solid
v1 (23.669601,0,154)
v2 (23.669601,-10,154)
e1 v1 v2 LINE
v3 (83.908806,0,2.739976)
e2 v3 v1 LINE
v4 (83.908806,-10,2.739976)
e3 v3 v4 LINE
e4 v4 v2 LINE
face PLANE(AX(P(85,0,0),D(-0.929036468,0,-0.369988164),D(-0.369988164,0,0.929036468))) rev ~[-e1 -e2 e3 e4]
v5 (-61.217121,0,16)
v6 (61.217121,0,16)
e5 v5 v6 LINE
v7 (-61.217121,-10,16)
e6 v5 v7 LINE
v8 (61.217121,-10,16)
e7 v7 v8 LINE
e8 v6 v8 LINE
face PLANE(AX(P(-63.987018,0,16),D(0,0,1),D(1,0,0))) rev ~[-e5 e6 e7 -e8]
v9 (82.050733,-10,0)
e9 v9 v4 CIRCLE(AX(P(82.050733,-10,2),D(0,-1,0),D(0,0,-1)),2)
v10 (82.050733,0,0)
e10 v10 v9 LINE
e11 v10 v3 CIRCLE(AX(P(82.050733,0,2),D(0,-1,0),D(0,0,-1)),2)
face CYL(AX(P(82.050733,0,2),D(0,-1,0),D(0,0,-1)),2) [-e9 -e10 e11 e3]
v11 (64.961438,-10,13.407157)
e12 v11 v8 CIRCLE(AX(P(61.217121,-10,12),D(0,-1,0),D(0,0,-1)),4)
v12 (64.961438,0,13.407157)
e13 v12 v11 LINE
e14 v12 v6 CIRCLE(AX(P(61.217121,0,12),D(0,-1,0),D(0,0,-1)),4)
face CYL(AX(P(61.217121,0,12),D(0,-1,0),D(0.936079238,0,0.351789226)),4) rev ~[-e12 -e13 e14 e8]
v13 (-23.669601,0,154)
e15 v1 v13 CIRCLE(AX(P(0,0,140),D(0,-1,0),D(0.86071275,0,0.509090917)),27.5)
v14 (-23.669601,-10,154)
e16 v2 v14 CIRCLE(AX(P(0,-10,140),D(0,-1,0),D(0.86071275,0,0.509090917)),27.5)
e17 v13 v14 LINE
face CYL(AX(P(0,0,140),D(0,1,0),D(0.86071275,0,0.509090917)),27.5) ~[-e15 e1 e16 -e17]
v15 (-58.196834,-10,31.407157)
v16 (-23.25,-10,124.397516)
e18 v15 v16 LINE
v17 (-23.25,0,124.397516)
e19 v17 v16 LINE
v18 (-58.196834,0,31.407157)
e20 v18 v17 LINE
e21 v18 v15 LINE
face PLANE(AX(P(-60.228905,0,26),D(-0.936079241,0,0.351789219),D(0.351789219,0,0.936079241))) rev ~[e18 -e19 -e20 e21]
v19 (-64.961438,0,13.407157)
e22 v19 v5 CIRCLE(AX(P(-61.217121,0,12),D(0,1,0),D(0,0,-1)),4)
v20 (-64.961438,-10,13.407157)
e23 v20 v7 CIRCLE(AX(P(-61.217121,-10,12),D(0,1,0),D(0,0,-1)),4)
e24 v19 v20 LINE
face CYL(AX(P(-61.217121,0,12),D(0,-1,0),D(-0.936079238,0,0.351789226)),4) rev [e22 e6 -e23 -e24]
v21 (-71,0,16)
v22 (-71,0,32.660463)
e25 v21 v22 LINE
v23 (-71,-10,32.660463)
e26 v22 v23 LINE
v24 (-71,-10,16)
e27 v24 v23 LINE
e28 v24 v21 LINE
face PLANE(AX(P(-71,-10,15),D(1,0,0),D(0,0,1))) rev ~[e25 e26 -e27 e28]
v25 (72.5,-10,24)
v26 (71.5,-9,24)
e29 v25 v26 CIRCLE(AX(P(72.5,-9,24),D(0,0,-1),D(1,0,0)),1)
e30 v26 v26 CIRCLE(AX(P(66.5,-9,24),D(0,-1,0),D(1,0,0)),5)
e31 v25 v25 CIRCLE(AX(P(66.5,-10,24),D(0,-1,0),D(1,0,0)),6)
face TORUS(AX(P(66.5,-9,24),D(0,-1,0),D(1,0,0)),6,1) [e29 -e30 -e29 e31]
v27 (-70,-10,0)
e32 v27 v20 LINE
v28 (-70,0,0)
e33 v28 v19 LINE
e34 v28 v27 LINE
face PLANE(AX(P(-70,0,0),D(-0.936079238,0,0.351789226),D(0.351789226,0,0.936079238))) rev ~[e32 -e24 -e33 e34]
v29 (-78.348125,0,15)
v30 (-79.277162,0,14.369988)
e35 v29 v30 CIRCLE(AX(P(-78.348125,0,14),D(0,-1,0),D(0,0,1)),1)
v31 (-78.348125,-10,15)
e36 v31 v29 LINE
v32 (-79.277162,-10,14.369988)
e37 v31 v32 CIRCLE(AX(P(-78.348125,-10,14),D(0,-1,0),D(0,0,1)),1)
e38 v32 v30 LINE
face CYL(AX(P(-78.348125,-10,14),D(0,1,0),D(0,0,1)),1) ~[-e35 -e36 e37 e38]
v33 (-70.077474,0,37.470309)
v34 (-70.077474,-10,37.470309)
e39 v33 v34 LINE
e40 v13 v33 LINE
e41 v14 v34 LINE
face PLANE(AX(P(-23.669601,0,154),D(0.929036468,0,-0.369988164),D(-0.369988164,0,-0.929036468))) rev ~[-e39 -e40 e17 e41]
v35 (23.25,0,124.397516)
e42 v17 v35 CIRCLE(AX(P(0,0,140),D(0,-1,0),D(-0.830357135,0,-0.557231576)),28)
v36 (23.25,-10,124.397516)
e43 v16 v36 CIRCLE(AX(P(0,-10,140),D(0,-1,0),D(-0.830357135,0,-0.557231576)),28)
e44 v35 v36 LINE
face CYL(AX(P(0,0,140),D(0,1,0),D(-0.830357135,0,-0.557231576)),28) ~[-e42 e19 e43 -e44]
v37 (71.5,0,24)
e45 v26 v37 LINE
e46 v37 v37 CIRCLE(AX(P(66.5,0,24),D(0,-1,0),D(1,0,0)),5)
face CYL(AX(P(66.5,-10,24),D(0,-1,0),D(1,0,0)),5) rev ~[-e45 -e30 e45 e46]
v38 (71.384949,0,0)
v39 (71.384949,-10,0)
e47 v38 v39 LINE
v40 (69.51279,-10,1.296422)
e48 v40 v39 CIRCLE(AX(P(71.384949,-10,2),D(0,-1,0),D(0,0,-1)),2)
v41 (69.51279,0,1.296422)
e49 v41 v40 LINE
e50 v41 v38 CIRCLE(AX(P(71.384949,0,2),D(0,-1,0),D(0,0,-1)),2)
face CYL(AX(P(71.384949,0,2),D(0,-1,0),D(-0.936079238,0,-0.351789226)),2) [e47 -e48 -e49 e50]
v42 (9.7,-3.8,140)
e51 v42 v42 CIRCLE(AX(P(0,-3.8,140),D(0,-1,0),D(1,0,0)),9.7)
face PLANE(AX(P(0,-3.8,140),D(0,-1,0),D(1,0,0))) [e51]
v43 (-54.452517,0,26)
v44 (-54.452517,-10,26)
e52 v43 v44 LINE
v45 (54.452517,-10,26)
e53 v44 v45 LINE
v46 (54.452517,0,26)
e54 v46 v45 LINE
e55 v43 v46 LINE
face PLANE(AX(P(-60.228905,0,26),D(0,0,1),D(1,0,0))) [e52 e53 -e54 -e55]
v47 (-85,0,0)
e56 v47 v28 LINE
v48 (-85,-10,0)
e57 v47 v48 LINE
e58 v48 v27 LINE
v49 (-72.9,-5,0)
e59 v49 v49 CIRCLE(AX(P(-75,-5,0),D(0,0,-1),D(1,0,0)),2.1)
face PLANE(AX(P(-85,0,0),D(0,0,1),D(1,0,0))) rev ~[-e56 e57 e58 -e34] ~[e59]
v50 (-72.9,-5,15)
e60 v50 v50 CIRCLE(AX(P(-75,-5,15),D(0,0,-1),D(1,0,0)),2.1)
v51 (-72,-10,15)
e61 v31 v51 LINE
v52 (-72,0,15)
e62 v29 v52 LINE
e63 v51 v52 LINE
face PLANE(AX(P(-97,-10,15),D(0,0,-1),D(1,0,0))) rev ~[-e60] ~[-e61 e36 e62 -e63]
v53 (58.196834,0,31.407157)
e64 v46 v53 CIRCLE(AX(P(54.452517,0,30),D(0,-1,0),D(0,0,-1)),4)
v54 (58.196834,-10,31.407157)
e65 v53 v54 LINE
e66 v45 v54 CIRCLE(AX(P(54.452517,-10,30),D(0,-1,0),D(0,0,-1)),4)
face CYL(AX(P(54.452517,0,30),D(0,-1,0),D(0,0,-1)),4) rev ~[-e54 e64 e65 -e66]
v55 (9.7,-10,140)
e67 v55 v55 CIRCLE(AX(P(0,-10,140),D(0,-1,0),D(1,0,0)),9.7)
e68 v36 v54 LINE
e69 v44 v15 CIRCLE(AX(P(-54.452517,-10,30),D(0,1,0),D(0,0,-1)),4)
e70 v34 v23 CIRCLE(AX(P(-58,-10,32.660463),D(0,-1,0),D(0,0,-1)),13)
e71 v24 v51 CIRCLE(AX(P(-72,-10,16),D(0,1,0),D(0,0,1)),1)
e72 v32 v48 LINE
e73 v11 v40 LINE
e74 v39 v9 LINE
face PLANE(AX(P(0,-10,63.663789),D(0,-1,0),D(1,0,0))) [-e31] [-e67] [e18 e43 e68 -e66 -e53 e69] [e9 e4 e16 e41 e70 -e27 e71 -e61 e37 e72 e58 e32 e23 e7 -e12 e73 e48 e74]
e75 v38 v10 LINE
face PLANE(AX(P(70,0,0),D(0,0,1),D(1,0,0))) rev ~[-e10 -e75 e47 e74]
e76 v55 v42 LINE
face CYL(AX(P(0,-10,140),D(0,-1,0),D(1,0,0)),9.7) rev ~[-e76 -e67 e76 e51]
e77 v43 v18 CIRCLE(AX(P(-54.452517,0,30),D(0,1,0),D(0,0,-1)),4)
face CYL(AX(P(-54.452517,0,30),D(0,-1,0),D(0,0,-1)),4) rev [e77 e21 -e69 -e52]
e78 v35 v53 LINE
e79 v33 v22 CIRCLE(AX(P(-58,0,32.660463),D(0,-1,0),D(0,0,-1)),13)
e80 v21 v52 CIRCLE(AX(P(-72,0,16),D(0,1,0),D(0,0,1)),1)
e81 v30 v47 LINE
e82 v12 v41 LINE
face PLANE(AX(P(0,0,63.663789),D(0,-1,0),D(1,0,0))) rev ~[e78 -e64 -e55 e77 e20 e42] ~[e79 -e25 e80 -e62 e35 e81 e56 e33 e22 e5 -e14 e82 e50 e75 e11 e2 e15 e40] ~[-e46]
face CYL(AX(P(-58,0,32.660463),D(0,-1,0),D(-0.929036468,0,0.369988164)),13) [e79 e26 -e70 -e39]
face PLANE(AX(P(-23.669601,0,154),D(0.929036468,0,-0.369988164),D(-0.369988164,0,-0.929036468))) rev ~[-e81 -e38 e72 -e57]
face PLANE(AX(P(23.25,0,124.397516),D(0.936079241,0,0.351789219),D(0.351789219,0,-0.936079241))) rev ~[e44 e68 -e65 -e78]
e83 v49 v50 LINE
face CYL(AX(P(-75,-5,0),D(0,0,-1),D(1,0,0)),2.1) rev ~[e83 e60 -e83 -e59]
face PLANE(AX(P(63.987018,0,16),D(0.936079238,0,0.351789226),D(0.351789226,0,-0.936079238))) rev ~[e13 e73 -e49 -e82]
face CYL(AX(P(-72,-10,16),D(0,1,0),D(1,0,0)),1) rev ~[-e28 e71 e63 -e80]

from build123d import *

# Parameters (mm, degrees)
PAD_DEPTH       = 10
FILLET_R        = 4
SKETCH001_R     = 9.7
POCKET_DEPTH    = 6.2
SKETCH002_R     = 2.1
POCKET001_DEPTH = 167.501
SKETCH003_W     = 26
SKETCH003_H     = 25
POCKET002_DEPTH = 10.001
SKETCH004_R     = 5
POCKET003_DEPTH = 10.001
FILLET001_R     = 2
FILLET002_R     = 1
FILLET003_R     = 13
FILLET004_R     = 1


with BuildPart() as part:
    # Sketch → Pad (new body)
    with BuildSketch(Plane.XZ):
        with BuildLine():
            ThreePointArc((23.669601, 154), (0, 167.5), (-23.669601, 154))
            Line((-23.669601, 154), (-85, 0))
            Line((-85, 0), (-70, 0))
            Line((-70, 0), (-63.987018, 16))
            Line((-63.987018, 16), (63.987018, 16))
            Line((63.987018, 16), (70, 0))
            Line((70, 0), (85, 0))
            Line((85, 0), (23.669601, 154))
        make_face()
        with BuildLine():
            Line((-60.228905, 26), (60.228905, 26))
            Line((23.25, 124.397516), (60.228905, 26))
            ThreePointArc((-23.25, 124.397516), (0, 112), (23.25, 124.397516))
            Line((-60.228905, 26), (-23.25, 124.397516))
        make_face(mode=Mode.SUBTRACT)
    extrude(amount=PAD_DEPTH)

    # Fillet
    fillet_edges = [part.edges().sort_by_distance(p)[0] for p in [
        (-63.987018, -5, 16),
        (-60.228905, -5, 26),
        (60.228905, -5, 26),
        (63.987018, -5, 16),
    ]]
    fillet(fillet_edges, radius=FILLET_R)

    # Sketch001 (on Face5 of Fillet) → Pocket (cut)
    with BuildSketch(Plane.XZ.offset(10)):
        with Locations((0, 140)):
            Circle(SKETCH001_R)
    extrude(amount=-POCKET_DEPTH, mode=Mode.SUBTRACT)

    # Sketch002 (on Face4 of Pocket) → Pocket001 (cut, through all)
    with BuildSketch(Plane(origin=(0, 0, 0), x_dir=(1, 0, 0), z_dir=(0, 0, -1))):
        with Locations((-75, 5)):
            Circle(SKETCH002_R)
    extrude(amount=-POCKET001_DEPTH, mode=Mode.SUBTRACT)

    # Sketch003 (on Face5 of Pocket001) → Pocket002 (cut, through all)
    with BuildSketch(Plane.XZ.offset(10)):
        with Locations((-84, 27.5)):
            Rectangle(SKETCH003_W, SKETCH003_H)
    extrude(amount=-POCKET002_DEPTH, mode=Mode.SUBTRACT)

    # Sketch004 → Pocket003 (cut, through all)
    with BuildSketch(Plane.XZ.offset(10)):
        with Locations((66.5, 24)):
            Circle(SKETCH004_R)
    extrude(amount=-POCKET003_DEPTH, mode=Mode.SUBTRACT)

    # Fillet001
    fillet001_edges = [part.edges().sort_by_distance(p)[0] for p in [
        (85, -5, 0),
        (70, -5, 0),
    ]]
    fillet(fillet001_edges, radius=FILLET001_R)

    # Fillet002
    fillet002_edges = [part.edges().sort_by_distance(p)[0] for p in [
        (61.5, -10, 24),
    ]]
    fillet(fillet002_edges, radius=FILLET002_R)

    # Fillet003
    fillet003_edges = [part.edges().sort_by_distance(p)[0] for p in [
        (-71, -5, 35.153856),
    ]]
    fillet(fillet003_edges, radius=FILLET003_R)

    # Fillet004
    fillet004_edges = [part.edges().sort_by_distance(p)[0] for p in [
        (-79.02626, -5, 15),
        (-71, -5, 15),
    ]]
    fillet(fillet004_edges, radius=FILLET004_R)


solid = part.part
